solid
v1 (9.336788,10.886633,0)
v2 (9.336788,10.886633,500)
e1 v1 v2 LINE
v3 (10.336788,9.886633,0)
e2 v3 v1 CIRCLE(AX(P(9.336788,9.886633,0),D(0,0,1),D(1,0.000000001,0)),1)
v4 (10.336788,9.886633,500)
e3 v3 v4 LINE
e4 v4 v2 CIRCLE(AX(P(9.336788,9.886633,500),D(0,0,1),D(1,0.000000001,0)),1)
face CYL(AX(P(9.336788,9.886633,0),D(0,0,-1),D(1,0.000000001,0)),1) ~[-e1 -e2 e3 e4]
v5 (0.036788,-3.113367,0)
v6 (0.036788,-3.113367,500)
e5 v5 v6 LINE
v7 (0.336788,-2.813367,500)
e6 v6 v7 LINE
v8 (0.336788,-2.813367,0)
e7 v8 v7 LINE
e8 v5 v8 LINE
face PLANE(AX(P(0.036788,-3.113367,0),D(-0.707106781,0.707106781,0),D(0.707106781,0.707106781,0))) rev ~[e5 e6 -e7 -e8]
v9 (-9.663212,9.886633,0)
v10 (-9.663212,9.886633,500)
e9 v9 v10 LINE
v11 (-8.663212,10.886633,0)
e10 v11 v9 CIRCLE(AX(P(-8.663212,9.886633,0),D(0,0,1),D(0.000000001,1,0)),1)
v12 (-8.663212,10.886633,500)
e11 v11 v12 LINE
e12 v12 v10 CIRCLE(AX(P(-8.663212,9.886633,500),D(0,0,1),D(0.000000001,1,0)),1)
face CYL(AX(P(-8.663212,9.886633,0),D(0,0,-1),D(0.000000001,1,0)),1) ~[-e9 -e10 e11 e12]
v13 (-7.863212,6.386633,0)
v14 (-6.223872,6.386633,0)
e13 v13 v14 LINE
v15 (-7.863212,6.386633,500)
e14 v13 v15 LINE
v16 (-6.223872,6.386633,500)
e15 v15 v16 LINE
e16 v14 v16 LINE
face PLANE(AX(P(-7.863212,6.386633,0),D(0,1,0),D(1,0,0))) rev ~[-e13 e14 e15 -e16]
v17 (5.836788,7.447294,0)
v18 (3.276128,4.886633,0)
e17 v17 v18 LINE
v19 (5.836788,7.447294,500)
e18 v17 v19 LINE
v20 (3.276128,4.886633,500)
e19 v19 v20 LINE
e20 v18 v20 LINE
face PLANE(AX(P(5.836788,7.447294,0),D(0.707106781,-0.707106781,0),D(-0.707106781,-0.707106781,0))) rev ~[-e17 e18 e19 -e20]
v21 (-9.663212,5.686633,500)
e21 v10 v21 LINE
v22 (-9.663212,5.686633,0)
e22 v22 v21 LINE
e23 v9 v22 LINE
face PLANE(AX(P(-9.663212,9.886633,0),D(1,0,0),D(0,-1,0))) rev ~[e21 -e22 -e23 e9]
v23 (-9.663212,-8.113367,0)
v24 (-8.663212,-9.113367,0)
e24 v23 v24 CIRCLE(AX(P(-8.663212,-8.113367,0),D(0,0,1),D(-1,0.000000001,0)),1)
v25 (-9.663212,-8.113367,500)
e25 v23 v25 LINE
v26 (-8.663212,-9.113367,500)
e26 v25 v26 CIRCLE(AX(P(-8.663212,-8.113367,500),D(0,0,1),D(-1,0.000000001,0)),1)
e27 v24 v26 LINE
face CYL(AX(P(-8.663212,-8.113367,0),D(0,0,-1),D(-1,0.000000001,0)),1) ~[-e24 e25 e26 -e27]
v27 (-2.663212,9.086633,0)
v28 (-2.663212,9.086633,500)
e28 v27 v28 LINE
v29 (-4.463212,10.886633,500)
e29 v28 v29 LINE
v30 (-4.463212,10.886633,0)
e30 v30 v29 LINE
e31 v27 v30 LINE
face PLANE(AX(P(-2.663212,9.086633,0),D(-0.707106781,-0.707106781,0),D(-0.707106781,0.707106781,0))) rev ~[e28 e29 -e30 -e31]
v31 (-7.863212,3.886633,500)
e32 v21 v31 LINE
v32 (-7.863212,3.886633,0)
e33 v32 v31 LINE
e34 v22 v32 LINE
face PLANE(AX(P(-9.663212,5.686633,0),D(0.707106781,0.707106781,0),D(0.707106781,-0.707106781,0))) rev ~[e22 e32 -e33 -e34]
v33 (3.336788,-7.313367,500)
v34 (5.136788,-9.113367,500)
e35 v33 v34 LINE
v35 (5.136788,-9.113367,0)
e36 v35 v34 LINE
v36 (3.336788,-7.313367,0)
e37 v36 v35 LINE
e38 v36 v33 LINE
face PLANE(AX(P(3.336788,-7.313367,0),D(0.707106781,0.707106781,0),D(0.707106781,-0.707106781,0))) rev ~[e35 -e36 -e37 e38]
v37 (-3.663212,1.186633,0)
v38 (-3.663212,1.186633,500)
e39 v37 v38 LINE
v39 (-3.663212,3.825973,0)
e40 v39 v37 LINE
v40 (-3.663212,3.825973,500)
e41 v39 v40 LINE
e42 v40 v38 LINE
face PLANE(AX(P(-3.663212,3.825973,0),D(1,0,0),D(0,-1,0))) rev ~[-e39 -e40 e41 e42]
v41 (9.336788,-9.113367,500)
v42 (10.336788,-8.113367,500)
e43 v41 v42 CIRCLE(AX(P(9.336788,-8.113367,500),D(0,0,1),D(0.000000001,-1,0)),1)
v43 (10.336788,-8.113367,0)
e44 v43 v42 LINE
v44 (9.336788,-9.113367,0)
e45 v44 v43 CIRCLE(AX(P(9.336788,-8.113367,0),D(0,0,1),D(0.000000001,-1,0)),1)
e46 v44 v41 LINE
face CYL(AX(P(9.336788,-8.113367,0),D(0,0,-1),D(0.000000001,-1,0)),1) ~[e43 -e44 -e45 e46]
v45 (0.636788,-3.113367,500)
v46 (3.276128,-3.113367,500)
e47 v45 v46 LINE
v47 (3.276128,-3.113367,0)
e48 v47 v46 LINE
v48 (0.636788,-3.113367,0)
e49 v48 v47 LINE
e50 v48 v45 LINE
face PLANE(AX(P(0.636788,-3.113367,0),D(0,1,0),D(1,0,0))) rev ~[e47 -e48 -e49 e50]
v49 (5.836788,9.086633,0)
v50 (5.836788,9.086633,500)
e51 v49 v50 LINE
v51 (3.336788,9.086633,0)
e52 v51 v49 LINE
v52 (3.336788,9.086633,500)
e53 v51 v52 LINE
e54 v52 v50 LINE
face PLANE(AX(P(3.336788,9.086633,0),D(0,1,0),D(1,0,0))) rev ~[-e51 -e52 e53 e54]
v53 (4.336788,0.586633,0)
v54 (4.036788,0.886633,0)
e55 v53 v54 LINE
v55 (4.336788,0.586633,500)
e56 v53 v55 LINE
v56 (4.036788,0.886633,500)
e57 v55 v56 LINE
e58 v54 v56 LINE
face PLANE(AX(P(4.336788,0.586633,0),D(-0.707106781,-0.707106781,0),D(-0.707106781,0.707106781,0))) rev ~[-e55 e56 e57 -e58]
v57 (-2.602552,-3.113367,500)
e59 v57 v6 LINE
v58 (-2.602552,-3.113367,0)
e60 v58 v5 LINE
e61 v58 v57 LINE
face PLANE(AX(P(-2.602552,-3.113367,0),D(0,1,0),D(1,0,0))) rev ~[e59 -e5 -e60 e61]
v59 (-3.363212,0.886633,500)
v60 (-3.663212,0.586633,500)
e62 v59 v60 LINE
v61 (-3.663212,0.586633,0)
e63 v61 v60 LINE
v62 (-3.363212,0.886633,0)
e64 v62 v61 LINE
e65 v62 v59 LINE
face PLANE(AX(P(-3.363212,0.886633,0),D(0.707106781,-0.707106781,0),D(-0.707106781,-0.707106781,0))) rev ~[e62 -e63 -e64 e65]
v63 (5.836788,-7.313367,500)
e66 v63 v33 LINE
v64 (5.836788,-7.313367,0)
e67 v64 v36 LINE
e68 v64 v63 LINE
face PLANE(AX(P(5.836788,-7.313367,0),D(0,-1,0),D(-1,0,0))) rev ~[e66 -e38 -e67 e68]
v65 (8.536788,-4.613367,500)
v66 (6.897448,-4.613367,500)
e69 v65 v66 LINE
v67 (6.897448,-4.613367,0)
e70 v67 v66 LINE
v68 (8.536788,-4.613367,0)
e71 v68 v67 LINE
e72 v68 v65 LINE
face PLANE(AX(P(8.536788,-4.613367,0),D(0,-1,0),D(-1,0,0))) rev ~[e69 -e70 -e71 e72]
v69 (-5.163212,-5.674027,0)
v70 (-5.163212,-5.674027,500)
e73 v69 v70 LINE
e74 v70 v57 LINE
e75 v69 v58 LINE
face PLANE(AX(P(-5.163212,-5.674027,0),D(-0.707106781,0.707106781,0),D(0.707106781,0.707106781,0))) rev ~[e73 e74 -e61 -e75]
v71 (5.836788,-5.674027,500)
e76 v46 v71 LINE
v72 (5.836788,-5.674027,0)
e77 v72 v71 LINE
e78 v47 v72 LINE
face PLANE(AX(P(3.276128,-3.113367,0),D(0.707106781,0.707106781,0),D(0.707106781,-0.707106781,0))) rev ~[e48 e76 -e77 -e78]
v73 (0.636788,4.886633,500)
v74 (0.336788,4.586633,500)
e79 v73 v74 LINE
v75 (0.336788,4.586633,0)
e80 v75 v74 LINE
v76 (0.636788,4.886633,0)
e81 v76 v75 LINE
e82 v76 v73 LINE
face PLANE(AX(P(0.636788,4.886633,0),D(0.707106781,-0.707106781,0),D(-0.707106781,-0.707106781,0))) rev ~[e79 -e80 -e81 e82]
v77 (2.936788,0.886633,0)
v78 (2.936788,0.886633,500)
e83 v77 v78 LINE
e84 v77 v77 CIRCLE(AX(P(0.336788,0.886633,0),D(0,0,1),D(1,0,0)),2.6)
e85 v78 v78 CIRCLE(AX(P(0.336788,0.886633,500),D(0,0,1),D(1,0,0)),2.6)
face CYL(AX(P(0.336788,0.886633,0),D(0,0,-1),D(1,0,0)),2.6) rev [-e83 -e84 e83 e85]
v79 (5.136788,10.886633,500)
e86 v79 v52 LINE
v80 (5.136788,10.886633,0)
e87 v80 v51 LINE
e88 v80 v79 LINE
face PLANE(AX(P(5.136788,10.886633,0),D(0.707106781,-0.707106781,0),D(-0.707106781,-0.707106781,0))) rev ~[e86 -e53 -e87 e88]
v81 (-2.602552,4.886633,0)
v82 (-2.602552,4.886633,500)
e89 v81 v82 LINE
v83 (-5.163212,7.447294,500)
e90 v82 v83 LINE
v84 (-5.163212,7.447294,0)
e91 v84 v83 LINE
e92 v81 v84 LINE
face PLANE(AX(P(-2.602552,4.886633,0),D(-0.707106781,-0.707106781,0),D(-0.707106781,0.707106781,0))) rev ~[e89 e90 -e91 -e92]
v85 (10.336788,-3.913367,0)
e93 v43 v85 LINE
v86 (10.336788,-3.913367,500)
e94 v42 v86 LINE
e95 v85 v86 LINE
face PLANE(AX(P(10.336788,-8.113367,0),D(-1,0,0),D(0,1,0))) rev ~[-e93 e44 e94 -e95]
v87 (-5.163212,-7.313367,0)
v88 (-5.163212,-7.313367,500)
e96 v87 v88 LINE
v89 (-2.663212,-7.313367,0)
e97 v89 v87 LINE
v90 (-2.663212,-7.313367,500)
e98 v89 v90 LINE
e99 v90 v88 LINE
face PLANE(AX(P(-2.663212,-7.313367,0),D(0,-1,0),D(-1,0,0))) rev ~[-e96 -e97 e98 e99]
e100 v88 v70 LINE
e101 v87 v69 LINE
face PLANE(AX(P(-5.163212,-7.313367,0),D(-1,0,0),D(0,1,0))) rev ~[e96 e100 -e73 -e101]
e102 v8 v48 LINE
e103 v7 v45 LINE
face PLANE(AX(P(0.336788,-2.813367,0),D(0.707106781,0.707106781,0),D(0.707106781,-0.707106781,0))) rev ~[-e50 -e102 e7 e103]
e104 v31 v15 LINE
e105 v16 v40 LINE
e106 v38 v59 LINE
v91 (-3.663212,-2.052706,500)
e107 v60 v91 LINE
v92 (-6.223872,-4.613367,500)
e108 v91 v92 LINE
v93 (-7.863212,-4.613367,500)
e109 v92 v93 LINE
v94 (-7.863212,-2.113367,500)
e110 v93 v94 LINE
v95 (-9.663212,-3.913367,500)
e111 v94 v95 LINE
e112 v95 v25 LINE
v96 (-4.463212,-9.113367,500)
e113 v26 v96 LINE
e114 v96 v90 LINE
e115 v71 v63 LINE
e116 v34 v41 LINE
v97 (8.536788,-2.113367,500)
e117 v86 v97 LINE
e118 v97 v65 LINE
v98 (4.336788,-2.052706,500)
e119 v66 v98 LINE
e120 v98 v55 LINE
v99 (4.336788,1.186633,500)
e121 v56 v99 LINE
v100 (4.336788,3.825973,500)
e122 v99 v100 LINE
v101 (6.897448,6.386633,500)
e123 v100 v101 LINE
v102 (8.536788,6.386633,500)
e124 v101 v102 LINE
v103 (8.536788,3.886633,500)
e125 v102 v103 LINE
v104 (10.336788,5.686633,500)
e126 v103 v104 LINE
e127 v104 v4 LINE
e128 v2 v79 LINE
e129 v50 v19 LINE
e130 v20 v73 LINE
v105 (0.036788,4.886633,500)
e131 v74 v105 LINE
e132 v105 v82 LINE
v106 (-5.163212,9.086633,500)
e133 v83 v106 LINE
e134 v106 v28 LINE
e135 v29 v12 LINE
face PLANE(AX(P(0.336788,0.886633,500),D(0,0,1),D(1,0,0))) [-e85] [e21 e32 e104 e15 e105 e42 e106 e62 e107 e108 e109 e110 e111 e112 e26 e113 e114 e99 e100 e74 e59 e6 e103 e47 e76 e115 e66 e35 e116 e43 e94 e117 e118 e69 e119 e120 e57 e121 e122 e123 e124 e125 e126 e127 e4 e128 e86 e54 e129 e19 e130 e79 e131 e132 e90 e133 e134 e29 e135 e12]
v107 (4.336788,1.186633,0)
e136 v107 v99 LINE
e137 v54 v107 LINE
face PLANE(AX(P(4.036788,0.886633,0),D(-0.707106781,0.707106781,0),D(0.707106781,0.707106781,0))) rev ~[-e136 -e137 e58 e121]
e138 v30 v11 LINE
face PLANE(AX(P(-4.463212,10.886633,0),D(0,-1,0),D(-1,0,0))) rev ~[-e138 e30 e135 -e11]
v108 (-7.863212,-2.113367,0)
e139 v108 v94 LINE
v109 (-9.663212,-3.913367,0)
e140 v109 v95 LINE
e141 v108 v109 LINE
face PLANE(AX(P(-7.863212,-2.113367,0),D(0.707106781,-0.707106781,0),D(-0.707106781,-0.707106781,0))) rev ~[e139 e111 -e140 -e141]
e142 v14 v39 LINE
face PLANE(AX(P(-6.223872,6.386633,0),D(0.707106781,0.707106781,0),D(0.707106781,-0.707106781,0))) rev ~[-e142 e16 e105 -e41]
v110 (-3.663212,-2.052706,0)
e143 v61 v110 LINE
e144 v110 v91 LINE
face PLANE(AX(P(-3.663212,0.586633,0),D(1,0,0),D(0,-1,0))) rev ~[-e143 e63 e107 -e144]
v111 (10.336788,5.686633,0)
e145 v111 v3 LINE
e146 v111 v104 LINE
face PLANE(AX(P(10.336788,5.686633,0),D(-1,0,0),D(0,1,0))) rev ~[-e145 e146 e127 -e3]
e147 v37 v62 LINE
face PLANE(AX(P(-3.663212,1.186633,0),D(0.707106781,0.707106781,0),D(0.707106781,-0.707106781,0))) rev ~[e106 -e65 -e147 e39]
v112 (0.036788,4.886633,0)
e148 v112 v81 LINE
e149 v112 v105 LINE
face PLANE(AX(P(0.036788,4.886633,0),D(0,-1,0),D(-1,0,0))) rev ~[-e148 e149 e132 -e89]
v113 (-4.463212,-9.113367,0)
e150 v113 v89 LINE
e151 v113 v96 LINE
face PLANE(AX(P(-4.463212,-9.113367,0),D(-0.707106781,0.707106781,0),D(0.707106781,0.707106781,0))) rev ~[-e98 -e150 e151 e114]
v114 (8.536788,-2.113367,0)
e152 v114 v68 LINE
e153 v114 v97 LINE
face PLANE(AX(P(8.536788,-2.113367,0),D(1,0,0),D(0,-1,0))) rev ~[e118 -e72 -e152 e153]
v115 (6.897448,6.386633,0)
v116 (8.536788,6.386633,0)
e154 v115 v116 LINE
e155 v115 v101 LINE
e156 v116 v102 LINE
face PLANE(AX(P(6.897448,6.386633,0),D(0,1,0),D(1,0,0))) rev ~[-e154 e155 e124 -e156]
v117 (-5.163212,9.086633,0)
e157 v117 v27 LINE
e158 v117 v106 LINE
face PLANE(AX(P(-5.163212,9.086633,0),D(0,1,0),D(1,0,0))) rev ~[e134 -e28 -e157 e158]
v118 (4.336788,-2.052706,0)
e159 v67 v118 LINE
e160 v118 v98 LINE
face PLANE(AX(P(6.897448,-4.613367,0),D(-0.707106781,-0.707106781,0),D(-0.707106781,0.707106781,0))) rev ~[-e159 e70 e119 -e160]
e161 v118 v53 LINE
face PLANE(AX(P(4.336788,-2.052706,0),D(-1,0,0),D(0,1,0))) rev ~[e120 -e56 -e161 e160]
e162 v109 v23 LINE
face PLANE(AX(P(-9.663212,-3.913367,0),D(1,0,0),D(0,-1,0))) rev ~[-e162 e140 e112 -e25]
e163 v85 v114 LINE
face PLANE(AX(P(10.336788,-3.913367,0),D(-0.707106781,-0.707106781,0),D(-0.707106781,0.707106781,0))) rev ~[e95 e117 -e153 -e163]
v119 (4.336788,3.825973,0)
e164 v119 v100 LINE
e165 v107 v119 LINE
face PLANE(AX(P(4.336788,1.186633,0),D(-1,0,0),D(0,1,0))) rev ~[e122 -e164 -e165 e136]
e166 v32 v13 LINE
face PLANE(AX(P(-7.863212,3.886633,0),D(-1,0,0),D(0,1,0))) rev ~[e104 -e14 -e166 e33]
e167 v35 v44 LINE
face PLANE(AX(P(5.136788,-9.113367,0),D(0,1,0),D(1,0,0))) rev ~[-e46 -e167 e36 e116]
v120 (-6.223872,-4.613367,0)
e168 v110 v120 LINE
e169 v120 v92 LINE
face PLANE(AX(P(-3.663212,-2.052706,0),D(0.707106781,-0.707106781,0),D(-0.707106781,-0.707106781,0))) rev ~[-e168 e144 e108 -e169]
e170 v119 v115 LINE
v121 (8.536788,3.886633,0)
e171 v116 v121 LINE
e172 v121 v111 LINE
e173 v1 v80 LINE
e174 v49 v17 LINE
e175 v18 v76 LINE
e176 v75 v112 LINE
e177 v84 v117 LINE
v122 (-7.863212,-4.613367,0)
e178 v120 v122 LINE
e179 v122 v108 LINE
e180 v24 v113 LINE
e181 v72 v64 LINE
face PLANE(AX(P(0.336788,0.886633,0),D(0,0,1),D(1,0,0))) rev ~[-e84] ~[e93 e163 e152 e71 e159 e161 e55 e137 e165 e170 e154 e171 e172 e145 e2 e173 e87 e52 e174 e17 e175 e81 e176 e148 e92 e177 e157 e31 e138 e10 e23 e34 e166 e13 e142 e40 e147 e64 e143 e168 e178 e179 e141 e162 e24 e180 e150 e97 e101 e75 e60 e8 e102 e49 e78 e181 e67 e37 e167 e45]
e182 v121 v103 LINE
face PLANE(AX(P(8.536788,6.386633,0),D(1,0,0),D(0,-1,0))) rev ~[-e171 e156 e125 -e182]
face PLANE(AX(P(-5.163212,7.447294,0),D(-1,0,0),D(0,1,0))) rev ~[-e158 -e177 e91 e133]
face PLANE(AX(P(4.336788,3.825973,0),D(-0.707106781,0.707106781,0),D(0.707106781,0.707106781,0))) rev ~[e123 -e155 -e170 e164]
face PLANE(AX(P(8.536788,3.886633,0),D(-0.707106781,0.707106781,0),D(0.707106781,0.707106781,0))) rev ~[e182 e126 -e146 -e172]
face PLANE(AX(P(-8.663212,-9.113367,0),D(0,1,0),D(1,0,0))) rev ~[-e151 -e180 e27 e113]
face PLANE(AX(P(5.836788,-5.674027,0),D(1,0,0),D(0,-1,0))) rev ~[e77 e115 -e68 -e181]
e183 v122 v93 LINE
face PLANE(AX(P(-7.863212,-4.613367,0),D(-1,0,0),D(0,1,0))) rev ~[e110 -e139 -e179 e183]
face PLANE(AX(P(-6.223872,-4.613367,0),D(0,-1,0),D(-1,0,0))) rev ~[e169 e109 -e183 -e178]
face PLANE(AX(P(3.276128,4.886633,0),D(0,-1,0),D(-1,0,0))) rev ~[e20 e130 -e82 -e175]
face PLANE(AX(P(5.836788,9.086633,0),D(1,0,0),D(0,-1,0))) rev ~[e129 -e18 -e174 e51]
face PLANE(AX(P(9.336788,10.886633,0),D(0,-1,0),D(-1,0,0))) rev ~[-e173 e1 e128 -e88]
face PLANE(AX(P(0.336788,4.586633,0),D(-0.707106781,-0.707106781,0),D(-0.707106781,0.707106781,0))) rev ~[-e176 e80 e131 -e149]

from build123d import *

# Parameters (mm, degrees)
SKETCH1_R           = 2.6
BOSS_EXTRUDE1_DEPTH = 500


with BuildPart() as part:
    # Sketch1 → Boss-Extrude1 (new body)
    with BuildSketch(Plane.XY):
        with BuildLine():
            Line((10.336788111, -8.113366567), (10.336788111, -3.913366567))
            Line((10.336788111, -3.913366567), (8.536788111, -2.113366567))
            Line((8.536788111, -2.113366567), (8.536788111, -4.613366567))
            Line((8.536788111, -4.613366567), (6.897448282, -4.613366567))
            Line((6.897448282, -4.613366567), (4.336788111, -2.052706395))
            Line((4.336788111, -2.052706395), (4.336788111, 0.586633433))
            Line((4.336788111, 0.586633433), (4.036788111, 0.886633433))
            Line((4.036788111, 0.886633433), (4.336788111, 1.186633433))
            Line((4.336788111, 1.186633433), (4.336788111, 3.825973261))
            Line((4.336788111, 3.825973261), (6.897448282, 6.386633433))
            Line((6.897448282, 6.386633433), (8.536788111, 6.386633433))
            Line((8.536788111, 6.386633433), (8.536788111, 3.886633433))
            Line((8.536788111, 3.886633433), (10.336788111, 5.686633433))
            Line((10.336788111, 5.686633433), (10.336788111, 9.886633433))
            ThreePointArc((10.336788111, 9.886633433), (10.043894892, 10.593740214), (9.336788111, 10.886633433))
            Line((9.336788111, 10.886633433), (5.136788111, 10.886633433))
            Line((5.136788111, 10.886633433), (3.336788111, 9.086633433))
            Line((3.336788111, 9.086633433), (5.836788111, 9.086633433))
            Line((5.836788111, 9.086633433), (5.836788111, 7.447293605))
            Line((5.836788111, 7.447293605), (3.276127939, 4.886633433))
            Line((3.276127939, 4.886633433), (0.636788111, 4.886633433))
            Line((0.636788111, 4.886633433), (0.336788111, 4.586633433))
            Line((0.336788111, 4.586633433), (0.036788111, 4.886633433))
            Line((0.036788111, 4.886633433), (-2.602551718, 4.886633433))
            Line((-2.602551718, 4.886633433), (-5.163211889, 7.447293605))
            Line((-5.163211889, 7.447293605), (-5.163211889, 9.086633433))
            Line((-5.163211889, 9.086633433), (-2.663211889, 9.086633433))
            Line((-2.663211889, 9.086633433), (-4.463211889, 10.886633433))
            Line((-4.463211889, 10.886633433), (-8.663211889, 10.886633433))
            ThreePointArc((-8.663211889, 10.886633433), (-9.370318671, 10.593740214), (-9.663211889, 9.886633433))
            Line((-9.663211889, 9.886633433), (-9.663211889, 5.686633433))
            Line((-9.663211889, 5.686633433), (-7.863211889, 3.886633433))
            Line((-7.863211889, 3.886633433), (-7.863211889, 6.386633433))
            Line((-7.863211889, 6.386633433), (-6.223872061, 6.386633433))
            Line((-6.223872061, 6.386633433), (-3.663211889, 3.825973261))
            Line((-3.663211889, 3.825973261), (-3.663211889, 1.186633433))
            Line((-3.663211889, 1.186633433), (-3.363211889, 0.886633433))
            Line((-3.363211889, 0.886633433), (-3.663211889, 0.586633433))
            Line((-3.663211889, 0.586633433), (-3.663211889, -2.052706395))
            Line((-3.663211889, -2.052706395), (-6.223872061, -4.613366567))
            Line((-6.223872061, -4.613366567), (-7.863211889, -4.613366567))
            Line((-7.863211889, -4.613366567), (-7.863211889, -2.113366567))
            Line((-7.863211889, -2.113366567), (-9.663211889, -3.913366567))
            Line((-9.663211889, -3.913366567), (-9.663211889, -8.113366567))
            ThreePointArc((-9.663211889, -8.113366567), (-9.370318671, -8.820473348), (-8.663211889, -9.113366567))
            Line((-8.663211889, -9.113366567), (-4.463211889, -9.113366567))
            Line((-4.463211889, -9.113366567), (-2.663211889, -7.313366567))
            Line((-2.663211889, -7.313366567), (-5.163211889, -7.313366567))
            Line((-5.163211889, -7.313366567), (-5.163211889, -5.674026739))
            Line((-5.163211889, -5.674026739), (-2.602551718, -3.113366567))
            Line((-2.602551718, -3.113366567), (0.036788111, -3.113366567))
            Line((0.036788111, -3.113366567), (0.336788111, -2.813366567))
            Line((0.336788111, -2.813366567), (0.636788111, -3.113366567))
            Line((0.636788111, -3.113366567), (3.276127939, -3.113366567))
            Line((3.276127939, -3.113366567), (5.836788111, -5.674026739))
            Line((5.836788111, -5.674026739), (5.836788111, -7.313366567))
            Line((5.836788111, -7.313366567), (3.336788111, -7.313366567))
            Line((3.336788111, -7.313366567), (5.136788111, -9.113366567))
            Line((5.136788111, -9.113366567), (9.336788111, -9.113366567))
            ThreePointArc((9.336788111, -9.113366567), (10.043894892, -8.820473348), (10.336788111, -8.113366567))
        make_face()
        with Locations((0.336788111, 0.886633433)):
            Circle(SKETCH1_R, mode=Mode.SUBTRACT)
    extrude(amount=BOSS_EXTRUDE1_DEPTH)


solid = part.part
